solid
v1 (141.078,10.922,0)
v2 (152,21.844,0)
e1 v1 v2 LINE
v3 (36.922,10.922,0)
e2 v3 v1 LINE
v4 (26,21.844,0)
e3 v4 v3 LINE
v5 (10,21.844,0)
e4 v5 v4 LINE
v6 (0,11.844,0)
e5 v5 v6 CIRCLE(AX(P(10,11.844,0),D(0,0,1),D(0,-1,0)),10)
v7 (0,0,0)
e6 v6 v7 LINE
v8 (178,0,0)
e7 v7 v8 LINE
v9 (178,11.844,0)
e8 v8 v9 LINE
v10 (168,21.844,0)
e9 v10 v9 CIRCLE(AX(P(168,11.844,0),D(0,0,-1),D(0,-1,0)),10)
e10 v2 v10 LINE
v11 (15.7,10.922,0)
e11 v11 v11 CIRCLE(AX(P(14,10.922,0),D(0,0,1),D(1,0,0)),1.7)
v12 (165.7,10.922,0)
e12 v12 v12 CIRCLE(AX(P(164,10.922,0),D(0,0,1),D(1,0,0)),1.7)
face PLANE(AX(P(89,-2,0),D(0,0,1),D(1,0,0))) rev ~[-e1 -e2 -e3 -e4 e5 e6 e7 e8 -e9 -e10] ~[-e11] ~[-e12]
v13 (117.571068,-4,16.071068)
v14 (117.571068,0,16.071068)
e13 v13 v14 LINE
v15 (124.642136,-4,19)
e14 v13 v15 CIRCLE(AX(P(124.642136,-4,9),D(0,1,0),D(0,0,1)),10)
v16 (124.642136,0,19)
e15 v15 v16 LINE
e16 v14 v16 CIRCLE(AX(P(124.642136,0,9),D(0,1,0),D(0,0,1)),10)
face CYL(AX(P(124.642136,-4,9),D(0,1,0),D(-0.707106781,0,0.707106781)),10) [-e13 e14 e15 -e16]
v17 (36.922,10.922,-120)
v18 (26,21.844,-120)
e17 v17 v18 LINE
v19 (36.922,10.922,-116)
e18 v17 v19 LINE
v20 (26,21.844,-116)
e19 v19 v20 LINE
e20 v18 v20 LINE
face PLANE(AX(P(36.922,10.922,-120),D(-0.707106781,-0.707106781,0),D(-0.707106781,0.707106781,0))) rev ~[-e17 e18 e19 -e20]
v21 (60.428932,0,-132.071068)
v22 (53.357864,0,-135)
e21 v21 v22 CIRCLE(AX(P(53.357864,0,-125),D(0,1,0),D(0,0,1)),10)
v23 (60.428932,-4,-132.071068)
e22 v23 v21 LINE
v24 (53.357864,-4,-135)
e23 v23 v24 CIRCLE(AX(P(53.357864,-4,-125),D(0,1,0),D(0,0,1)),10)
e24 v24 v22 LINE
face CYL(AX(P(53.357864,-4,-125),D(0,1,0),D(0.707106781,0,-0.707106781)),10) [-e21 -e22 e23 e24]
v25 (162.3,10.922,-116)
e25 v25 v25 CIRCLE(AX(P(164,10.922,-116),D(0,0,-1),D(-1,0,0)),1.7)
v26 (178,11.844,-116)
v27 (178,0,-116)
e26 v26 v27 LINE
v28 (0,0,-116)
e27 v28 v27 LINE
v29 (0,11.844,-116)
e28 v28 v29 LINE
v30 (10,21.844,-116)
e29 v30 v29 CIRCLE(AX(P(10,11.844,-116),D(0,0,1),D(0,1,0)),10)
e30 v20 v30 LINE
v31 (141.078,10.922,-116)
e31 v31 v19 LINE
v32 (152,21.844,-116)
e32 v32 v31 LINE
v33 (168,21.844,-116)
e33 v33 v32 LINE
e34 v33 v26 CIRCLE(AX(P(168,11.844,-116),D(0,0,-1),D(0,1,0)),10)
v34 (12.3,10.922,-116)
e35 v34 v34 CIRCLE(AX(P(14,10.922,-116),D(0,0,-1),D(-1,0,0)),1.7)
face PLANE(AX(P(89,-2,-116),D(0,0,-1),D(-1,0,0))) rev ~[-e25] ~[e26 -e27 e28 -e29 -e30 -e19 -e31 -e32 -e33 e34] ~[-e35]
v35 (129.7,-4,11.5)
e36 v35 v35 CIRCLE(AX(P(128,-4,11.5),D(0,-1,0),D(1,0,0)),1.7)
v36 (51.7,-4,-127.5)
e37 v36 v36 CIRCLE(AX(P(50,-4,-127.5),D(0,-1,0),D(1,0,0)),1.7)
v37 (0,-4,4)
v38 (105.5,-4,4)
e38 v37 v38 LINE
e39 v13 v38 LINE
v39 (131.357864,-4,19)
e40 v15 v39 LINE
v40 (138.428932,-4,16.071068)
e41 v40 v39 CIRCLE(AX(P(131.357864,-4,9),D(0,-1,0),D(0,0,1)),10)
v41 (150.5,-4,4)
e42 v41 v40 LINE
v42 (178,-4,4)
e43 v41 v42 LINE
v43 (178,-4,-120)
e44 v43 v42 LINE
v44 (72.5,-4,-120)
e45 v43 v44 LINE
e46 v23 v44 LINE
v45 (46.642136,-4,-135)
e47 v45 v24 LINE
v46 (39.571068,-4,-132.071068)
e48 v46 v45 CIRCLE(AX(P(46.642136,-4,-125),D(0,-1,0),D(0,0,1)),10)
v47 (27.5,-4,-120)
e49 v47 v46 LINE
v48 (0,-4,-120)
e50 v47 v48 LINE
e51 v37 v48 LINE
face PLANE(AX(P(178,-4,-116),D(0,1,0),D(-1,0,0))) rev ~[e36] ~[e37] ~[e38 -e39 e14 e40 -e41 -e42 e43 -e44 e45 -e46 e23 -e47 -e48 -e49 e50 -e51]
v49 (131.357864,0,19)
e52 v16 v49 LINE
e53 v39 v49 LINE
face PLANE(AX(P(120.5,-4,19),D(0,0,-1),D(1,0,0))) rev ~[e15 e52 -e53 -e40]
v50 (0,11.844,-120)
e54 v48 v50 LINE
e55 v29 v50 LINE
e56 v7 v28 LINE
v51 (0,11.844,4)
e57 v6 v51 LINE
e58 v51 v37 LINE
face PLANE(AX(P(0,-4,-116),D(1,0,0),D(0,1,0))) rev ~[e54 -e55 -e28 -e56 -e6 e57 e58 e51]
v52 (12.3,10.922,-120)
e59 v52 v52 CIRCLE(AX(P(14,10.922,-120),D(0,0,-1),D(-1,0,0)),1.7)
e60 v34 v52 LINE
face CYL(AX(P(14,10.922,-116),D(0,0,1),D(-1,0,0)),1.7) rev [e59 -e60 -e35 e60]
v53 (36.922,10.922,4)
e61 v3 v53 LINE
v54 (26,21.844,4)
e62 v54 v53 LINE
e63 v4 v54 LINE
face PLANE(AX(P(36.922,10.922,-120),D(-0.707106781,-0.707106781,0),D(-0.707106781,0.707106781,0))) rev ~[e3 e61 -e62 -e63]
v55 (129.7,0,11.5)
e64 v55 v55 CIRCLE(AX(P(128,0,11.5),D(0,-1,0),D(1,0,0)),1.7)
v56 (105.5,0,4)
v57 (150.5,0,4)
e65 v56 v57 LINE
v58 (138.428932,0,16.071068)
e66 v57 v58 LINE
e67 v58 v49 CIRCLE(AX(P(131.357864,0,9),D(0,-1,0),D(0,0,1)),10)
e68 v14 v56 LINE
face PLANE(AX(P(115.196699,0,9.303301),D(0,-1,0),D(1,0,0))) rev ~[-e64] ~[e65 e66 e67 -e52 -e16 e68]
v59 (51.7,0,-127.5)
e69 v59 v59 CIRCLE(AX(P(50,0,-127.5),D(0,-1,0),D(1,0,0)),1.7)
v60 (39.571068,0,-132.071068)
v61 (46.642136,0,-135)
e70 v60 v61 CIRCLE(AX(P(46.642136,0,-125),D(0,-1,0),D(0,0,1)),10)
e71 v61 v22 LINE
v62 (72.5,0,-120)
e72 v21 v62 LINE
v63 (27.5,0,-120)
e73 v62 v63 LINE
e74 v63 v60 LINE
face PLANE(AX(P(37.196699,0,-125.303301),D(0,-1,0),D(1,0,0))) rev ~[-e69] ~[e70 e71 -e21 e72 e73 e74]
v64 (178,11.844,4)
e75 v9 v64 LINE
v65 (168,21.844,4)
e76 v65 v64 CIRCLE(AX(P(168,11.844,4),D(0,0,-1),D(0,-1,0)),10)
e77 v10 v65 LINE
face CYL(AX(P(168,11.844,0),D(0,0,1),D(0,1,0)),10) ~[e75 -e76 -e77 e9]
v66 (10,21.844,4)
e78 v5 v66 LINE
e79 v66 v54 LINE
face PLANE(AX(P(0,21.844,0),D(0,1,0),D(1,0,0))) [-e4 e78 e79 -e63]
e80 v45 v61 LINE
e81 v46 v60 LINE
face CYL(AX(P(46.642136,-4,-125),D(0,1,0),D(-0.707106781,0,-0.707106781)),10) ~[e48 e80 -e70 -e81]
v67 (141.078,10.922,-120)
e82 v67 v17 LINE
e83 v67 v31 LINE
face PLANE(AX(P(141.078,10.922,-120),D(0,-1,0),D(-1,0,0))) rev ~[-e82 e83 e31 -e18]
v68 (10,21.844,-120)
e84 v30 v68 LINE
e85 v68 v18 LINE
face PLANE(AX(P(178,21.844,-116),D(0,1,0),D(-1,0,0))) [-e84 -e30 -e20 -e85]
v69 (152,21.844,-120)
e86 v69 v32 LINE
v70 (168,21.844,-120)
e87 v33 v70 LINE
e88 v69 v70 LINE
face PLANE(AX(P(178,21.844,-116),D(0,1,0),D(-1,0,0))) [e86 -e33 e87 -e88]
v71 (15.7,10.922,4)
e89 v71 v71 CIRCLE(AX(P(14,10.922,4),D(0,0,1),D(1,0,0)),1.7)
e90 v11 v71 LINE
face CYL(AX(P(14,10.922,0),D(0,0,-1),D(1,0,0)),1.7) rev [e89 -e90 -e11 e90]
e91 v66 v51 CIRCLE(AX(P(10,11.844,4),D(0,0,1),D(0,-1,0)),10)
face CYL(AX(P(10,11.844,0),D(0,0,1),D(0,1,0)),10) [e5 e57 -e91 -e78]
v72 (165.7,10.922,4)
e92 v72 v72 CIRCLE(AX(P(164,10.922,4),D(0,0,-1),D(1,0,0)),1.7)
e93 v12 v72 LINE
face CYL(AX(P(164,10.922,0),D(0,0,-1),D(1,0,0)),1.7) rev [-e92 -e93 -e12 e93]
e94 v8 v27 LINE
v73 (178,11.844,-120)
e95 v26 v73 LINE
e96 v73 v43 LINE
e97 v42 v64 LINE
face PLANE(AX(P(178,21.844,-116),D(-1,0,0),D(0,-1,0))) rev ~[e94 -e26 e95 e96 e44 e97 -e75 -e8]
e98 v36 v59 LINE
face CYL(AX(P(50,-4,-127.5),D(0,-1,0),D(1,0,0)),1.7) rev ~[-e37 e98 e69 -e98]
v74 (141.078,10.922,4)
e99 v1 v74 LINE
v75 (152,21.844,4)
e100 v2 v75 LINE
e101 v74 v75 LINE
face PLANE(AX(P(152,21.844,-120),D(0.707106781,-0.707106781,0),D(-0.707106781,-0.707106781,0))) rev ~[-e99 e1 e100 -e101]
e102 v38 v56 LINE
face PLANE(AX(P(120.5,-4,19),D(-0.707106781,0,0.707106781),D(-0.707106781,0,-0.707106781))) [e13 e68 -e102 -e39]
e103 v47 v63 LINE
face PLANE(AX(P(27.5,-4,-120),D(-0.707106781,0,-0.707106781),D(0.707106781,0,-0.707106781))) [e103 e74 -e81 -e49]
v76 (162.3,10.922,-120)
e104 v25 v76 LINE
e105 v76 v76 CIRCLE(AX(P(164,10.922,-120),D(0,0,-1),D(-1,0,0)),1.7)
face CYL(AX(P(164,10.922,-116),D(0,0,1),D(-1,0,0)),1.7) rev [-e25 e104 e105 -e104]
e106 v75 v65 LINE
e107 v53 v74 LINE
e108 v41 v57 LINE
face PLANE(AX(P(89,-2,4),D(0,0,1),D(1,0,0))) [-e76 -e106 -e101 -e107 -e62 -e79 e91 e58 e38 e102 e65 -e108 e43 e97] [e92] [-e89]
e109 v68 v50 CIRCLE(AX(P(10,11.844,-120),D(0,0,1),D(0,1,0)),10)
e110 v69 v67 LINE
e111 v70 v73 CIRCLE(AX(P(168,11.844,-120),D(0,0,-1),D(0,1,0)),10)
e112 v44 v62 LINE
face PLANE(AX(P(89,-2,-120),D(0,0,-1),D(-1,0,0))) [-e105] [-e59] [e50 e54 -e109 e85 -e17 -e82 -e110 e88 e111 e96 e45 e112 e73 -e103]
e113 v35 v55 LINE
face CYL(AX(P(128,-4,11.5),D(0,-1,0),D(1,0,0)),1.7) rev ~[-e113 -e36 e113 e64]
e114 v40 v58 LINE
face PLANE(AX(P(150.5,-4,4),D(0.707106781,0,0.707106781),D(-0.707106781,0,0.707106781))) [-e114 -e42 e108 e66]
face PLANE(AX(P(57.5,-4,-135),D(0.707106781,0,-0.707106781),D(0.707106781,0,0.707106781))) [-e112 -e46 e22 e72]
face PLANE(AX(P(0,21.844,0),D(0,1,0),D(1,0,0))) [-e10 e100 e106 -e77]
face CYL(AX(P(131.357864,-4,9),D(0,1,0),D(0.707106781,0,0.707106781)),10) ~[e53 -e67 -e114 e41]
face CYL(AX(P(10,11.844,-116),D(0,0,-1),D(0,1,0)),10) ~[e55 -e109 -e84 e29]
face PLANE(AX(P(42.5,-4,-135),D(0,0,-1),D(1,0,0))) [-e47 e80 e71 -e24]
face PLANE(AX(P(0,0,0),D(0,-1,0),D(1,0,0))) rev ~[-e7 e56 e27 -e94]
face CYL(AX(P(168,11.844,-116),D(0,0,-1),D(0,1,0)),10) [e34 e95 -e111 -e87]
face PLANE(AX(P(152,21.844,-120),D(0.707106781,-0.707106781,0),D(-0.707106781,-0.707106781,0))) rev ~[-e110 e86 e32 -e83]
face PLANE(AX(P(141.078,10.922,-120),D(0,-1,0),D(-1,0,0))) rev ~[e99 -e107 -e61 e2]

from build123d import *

# Parameters (mm, degrees)
SKETCH1_W               = 178
SKETCH1_H               = 4
SKETCH1_H_2             = 21.844
SKETCH1_R               = 1.7
BOSS_EXTRUDE1_DEPTH     = 4
SKETCH1_3_W             = 178
SKETCH1_3_H             = 4
BOSS_EXTRUDE2_DEPTH     = 116
SKETCH2_W               = 178
SKETCH2_H               = 4
SKETCH2_H_2             = 21.844
SKETCH2_R               = 1.7
BOSS_EXTRUDE3_DEPTH     = 4
FILLET1_R               = 10
SKETCH3_W               = 15
SKETCH3_H               = 15
SKETCH3_R               = 1.7
BOSS_EXTRUDE4_DEPTH     = 4
FILLET2_R               = 10
SKETCH4_R               = 1.7
CUT_EXTRUDE1_DEPTH      = 16
CUT_EXTRUDE1_DEPTH_BACK = 140


with BuildPart() as part:
    # Sketch1 → Boss-Extrude1 (new body)
    with BuildSketch(Plane.XY):
        with Locations((89, -2)):
            Rectangle(SKETCH1_W, SKETCH1_H)
        with Locations((89, 10.922)):
            Rectangle(SKETCH1_W, SKETCH1_H_2)
        with Locations((164, 10.922)):
            Circle(SKETCH1_R, mode=Mode.SUBTRACT)
        with Locations((14, 10.922)):
            Circle(SKETCH1_R, mode=Mode.SUBTRACT)
    extrude(amount=BOSS_EXTRUDE1_DEPTH)

    # Sketch1<3> → Boss-Extrude2 (add)
    with BuildSketch(Plane.XY):
        with Locations((89, -2)):
            Rectangle(SKETCH1_3_W, SKETCH1_3_H)
    extrude(amount=-BOSS_EXTRUDE2_DEPTH)

    # Sketch2 → Boss-Extrude3 (add)
    with BuildSketch(Plane(origin=(0, 0, -116), x_dir=(-1, 0, 0), z_dir=(0, 0, -1))):
        with Locations((-89, -2)):
            Rectangle(SKETCH2_W, SKETCH2_H)
        with Locations((-89, 10.922)):
            Rectangle(SKETCH2_W, SKETCH2_H_2)
        with Locations((-164, 10.922)):
            Circle(SKETCH2_R, mode=Mode.SUBTRACT)
        with Locations((-14, 10.922)):
            Circle(SKETCH2_R, mode=Mode.SUBTRACT)
    extrude(amount=BOSS_EXTRUDE3_DEPTH)

    # Fillet1
    fillet1_edges = [part.edges().sort_by_distance(p)[0] for p in [
        (0, 21.844, 2),
        (178, 21.844, 2),
        (0, 21.844, -118),
        (178, 21.844, -118),
    ]]
    fillet(fillet1_edges, radius=FILLET1_R)

    # Sketch3 → Boss-Extrude4 (add)
    with BuildSketch(Plane.XZ.offset(4)):
        Polygon((42.5, -135), (42.5, -120), (27.5, -120), align=None)
        with Locations((50, -127.5)):
            Rectangle(SKETCH3_W, SKETCH3_H)
        with Locations((50, -127.5)):
            Circle(SKETCH3_R, mode=Mode.SUBTRACT)
        Polygon((72.5, -120), (57.5, -120), (57.5, -135), align=None)
        Polygon((105.5, 4), (120.5, 4), (120.5, 19), align=None)
        with Locations((128, 11.5)):
            Rectangle(SKETCH3_W, SKETCH3_H)
        with Locations((128, 11.5)):
            Circle(SKETCH3_R, mode=Mode.SUBTRACT)
        Polygon((135.5, 19), (135.5, 4), (150.5, 4), align=None)
    extrude(amount=-BOSS_EXTRUDE4_DEPTH)

    # Fillet2
    fillet2_edges = [part.edges().sort_by_distance(p)[0] for p in [
        (120.5, -2, 19),
        (135.5, -2, 19),
        (42.5, -2, -135),
        (57.5, -2, -135),
    ]]
    fillet(fillet2_edges, radius=FILLET2_R)

    # Sketch4 → Cut-Extrude1 (cut, two sides)
    with BuildSketch(Plane(origin=(0, 0, -120), x_dir=(-1, 0, 0), z_dir=(0, 0, -1))) as cut_extrude1_sk:
        with Locations((-164, 10.922)):
            Circle(SKETCH4_R)
        Polygon((-152, 21.844), (-141.078, 10.922), (-36.922, 10.922), (-26, 21.844), align=None)
    extrude(amount=CUT_EXTRUDE1_DEPTH, mode=Mode.SUBTRACT)
    extrude(cut_extrude1_sk.sketch, amount=-CUT_EXTRUDE1_DEPTH_BACK, mode=Mode.SUBTRACT)


solid = part.part
